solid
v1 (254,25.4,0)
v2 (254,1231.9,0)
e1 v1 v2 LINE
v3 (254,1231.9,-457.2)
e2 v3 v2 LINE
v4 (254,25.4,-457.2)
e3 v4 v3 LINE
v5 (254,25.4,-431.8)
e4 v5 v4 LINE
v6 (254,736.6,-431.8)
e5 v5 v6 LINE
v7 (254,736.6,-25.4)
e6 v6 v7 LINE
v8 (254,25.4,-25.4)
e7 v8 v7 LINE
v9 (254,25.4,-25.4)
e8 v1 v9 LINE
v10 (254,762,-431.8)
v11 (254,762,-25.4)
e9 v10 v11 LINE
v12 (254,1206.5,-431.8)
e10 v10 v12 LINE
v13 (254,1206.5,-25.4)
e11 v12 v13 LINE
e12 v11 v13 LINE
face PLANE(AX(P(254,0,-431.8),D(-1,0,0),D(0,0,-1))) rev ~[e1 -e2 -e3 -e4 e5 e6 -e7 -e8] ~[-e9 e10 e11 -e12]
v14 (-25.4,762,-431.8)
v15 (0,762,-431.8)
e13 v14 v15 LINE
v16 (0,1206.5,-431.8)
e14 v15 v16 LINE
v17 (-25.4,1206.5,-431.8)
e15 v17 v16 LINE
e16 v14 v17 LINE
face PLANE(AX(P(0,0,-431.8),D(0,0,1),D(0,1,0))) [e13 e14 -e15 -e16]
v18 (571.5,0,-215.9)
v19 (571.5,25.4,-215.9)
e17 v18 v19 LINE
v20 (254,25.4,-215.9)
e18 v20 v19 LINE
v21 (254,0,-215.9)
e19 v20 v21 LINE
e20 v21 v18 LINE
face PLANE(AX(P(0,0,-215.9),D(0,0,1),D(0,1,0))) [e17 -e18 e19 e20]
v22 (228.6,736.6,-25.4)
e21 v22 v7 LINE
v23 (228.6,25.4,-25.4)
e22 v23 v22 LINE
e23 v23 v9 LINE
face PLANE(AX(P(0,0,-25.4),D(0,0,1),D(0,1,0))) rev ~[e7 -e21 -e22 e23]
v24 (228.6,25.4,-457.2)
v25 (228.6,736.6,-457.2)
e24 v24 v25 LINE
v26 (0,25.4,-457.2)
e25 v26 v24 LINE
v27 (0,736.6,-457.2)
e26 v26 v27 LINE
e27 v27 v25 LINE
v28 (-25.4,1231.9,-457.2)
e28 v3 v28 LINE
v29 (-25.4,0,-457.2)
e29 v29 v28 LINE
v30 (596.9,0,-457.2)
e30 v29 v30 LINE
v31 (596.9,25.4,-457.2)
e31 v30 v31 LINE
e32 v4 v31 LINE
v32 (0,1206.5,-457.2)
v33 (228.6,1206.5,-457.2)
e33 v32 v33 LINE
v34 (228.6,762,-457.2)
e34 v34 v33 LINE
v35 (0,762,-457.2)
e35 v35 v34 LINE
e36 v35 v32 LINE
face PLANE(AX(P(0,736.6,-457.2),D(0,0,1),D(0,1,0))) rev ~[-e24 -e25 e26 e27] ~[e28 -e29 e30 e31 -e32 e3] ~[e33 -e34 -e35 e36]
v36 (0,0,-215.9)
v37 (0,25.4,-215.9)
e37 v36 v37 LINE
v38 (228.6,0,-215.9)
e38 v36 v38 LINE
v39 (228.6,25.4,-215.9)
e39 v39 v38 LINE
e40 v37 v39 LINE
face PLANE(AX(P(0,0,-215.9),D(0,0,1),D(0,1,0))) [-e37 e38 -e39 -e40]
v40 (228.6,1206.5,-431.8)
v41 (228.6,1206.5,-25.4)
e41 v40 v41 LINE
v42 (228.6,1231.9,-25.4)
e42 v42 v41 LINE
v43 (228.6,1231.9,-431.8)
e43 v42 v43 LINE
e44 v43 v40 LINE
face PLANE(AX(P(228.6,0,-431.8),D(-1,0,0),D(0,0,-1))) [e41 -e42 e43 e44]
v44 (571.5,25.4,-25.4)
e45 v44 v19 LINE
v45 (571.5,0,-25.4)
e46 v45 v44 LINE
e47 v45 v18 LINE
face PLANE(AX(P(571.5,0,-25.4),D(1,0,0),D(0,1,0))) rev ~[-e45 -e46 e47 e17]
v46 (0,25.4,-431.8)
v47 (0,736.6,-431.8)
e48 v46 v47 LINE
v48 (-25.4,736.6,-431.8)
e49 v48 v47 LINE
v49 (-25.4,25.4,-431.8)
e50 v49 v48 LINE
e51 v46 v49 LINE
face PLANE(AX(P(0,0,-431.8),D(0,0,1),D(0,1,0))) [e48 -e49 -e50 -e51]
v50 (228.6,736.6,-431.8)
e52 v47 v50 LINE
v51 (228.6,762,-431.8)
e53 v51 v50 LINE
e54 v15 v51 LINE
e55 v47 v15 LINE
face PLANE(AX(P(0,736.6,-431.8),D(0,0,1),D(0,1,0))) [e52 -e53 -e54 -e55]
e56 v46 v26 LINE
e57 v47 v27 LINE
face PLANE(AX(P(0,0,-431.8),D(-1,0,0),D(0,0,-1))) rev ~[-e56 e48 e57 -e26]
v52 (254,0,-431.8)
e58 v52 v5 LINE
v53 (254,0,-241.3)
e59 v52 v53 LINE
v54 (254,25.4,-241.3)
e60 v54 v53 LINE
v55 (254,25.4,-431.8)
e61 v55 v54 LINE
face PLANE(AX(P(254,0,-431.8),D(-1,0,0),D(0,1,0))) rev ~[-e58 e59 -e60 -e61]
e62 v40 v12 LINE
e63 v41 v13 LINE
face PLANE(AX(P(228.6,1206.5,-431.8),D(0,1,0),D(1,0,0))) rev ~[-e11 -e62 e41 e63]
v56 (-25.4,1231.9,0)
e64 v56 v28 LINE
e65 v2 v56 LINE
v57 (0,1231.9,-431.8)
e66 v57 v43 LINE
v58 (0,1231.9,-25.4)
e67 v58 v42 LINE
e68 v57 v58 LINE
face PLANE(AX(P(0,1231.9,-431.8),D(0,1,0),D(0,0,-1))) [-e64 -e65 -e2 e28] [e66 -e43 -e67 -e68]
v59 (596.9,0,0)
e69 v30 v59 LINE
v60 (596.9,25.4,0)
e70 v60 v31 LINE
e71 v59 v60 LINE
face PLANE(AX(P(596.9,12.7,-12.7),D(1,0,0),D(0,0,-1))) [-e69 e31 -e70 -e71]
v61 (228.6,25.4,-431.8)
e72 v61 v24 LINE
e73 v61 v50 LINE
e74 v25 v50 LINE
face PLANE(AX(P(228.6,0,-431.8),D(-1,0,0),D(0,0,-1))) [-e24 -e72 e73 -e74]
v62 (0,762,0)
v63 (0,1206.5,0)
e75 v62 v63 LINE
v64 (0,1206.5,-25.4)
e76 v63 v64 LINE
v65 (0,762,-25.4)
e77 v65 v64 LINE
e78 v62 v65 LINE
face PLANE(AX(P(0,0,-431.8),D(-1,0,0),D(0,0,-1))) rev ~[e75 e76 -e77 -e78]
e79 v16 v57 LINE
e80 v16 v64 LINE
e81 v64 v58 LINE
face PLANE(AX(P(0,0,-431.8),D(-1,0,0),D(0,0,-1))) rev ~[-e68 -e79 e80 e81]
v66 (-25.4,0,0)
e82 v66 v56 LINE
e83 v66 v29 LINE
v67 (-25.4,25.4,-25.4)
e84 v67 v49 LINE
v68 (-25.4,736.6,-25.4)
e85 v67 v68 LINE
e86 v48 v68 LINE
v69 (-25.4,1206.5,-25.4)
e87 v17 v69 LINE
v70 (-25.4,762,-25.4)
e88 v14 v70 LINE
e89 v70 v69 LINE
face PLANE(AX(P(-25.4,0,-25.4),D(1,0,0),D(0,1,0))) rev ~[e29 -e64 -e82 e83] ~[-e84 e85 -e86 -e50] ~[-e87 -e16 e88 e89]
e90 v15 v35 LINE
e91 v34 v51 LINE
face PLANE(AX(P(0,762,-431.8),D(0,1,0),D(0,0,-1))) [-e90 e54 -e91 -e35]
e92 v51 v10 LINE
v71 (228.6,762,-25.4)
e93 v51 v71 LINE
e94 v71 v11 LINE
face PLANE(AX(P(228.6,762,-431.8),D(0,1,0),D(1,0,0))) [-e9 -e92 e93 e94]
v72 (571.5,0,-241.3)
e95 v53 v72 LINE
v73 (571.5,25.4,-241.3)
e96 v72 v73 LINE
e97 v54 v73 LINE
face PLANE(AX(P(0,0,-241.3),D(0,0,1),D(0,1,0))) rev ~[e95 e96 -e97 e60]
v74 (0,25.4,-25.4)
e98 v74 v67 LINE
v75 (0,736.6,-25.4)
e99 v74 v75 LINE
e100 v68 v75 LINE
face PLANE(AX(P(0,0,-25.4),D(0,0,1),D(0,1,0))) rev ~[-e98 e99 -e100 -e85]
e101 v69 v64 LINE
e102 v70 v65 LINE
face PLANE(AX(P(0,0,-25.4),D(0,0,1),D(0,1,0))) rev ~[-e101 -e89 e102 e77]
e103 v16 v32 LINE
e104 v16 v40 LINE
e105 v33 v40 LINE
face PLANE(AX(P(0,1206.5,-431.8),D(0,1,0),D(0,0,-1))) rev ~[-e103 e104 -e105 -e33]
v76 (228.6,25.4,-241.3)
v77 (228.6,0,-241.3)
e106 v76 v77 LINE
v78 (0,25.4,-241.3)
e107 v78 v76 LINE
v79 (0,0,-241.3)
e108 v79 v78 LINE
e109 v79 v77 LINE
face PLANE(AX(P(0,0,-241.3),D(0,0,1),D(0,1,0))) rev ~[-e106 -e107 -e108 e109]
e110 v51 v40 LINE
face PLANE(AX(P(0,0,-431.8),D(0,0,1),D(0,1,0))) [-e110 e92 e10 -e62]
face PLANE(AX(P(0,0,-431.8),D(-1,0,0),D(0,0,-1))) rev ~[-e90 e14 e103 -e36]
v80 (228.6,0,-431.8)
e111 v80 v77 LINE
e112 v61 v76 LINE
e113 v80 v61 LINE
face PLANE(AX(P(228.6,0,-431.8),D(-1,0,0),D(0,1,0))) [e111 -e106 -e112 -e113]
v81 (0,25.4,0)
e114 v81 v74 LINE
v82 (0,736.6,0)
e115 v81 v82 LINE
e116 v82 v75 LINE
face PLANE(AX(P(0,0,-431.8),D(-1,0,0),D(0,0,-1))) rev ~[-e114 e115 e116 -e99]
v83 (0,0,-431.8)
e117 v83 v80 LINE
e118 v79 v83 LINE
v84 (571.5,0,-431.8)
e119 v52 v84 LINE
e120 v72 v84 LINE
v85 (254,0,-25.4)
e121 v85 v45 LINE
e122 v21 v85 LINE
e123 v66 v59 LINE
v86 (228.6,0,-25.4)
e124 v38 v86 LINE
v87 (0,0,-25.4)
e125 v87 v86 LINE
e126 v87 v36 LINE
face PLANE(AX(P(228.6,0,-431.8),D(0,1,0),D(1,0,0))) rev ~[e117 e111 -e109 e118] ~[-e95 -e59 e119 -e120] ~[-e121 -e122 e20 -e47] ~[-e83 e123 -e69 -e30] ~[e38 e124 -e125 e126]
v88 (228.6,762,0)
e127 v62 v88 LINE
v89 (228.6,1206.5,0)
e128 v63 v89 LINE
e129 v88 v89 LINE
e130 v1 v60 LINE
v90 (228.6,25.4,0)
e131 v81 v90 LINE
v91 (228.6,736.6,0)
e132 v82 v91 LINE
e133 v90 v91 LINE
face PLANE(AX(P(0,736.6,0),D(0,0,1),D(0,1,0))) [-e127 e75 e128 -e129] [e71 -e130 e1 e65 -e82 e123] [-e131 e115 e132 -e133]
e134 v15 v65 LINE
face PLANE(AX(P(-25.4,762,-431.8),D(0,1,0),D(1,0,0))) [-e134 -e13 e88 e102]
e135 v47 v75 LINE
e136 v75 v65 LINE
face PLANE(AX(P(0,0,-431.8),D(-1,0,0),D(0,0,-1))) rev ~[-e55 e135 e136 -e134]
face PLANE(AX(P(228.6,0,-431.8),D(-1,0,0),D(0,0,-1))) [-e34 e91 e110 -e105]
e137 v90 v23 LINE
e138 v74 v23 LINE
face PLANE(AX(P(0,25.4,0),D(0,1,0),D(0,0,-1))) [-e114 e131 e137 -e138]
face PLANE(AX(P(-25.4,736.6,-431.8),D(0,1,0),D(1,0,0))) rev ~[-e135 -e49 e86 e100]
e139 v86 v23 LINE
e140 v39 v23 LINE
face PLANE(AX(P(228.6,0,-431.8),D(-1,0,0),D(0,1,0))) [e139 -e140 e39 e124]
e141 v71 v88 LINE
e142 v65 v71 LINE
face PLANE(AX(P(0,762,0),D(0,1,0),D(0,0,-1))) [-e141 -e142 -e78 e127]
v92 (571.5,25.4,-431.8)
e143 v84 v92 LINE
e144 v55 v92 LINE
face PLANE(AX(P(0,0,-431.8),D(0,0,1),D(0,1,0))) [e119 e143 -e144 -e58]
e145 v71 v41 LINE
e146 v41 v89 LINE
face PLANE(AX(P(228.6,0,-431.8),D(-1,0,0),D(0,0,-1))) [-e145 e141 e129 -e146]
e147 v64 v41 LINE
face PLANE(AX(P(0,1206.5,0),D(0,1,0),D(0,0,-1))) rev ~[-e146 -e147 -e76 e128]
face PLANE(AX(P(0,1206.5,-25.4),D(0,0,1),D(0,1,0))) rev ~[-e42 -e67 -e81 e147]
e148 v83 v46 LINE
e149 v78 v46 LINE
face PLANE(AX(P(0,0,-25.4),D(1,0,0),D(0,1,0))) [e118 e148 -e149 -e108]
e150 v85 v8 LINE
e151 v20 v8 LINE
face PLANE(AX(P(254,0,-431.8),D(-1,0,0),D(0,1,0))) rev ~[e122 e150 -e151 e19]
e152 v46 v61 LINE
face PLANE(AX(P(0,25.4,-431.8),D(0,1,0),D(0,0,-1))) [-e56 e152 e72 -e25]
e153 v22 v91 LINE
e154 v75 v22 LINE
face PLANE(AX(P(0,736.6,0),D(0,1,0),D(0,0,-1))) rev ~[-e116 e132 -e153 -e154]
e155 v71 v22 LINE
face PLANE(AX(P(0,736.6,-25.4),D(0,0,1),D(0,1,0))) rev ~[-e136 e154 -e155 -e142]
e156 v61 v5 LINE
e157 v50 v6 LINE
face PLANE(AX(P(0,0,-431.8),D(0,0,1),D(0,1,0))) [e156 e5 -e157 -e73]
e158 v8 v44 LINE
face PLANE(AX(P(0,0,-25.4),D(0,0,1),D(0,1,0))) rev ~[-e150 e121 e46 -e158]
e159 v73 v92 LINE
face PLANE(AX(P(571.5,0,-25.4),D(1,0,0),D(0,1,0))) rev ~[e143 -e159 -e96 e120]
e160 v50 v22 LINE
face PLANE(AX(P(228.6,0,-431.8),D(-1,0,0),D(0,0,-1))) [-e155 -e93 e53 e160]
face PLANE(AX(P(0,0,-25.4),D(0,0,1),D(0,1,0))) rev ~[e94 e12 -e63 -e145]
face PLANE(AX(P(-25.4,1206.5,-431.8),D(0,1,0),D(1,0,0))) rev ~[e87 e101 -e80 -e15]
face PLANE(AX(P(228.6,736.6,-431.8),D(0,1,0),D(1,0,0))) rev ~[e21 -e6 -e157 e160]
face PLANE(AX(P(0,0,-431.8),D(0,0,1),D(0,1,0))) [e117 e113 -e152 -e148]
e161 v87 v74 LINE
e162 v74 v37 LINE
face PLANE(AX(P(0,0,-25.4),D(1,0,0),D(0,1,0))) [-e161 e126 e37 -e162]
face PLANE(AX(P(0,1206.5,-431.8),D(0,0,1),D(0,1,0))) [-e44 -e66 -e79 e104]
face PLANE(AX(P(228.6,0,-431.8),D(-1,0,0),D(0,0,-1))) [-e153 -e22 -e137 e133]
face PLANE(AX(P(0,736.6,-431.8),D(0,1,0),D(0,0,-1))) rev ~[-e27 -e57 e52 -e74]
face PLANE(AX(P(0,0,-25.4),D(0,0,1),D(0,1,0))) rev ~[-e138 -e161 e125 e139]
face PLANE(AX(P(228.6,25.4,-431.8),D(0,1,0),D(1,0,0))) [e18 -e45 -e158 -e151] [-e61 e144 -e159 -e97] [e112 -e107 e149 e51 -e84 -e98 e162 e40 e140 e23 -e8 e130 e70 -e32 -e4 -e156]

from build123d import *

# Parameters (mm, degrees)
SKETCH1_W             = 25.4
SKETCH1_H             = 25.4
BOSS_EXTRUDE1_DEPTH   = 1231.9
BOSS_EXTRUDE1_2_DEPTH = 1231.9
BOSS_EXTRUDE1_3_DEPTH = 1231.9
BOSS_EXTRUDE1_4_DEPTH = 1231.9
SKETCH2_W             = 25.4
SKETCH2_H             = 25.4
BOSS_EXTRUDE2_DEPTH   = 596.9
SKETCH3_W             = 25.4
SKETCH3_H             = 25.4
BOSS_EXTRUDE3_DEPTH   = 406.4
SKETCH4_W             = 25.4
SKETCH4_H             = 25.4
BOSS_EXTRUDE4_DEPTH   = 406.4
BOSS_EXTRUDE5_REACH   = 1445.225
SKETCH5_W             = 25.4
SKETCH5_H             = 25.4


with BuildPart() as part:
    # Sketch1 → Boss-Extrude1 (new body)
    with BuildSketch(Plane(origin=(0, 0, 0), x_dir=(1, 0, 0), z_dir=(0, 1, 0))):
        with Locations((-12.7, 12.7)):
            Rectangle(SKETCH1_W, SKETCH1_H)
    extrude(amount=BOSS_EXTRUDE1_DEPTH)



with BuildPart() as body_2:
    # Sketch1 → Boss-Extrude1 2 (new body)
    with BuildSketch(Plane(origin=(0, 0, 0), x_dir=(1, 0, 0), z_dir=(0, 1, 0))):
        with Locations((-12.7, 444.5)):
            Rectangle(SKETCH1_W, SKETCH1_H)
    extrude(amount=BOSS_EXTRUDE1_2_DEPTH)


with BuildPart() as body_3:
    # Sketch1 → Boss-Extrude1 3 (new body)
    with BuildSketch(Plane(origin=(0, 0, 0), x_dir=(1, 0, 0), z_dir=(0, 1, 0))):
        with Locations((241.3, 12.7)):
            Rectangle(SKETCH1_W, SKETCH1_H)
    extrude(amount=BOSS_EXTRUDE1_3_DEPTH)


with BuildPart() as body_4:
    # Sketch1 → Boss-Extrude1 4 (new body)
    with BuildSketch(Plane(origin=(0, 0, 0), x_dir=(1, 0, 0), z_dir=(0, 1, 0))):
        with Locations((241.3, 444.5)):
            Rectangle(SKETCH1_W, SKETCH1_H)
    extrude(amount=BOSS_EXTRUDE1_4_DEPTH)


with BuildPart() as part_1:
    add(part.part)

    add(body_2.part)  # Boss-Extrude2 merges body 2

    add(body_3.part)  # Boss-Extrude2 merges body 3

    add(body_4.part)  # Boss-Extrude2 merges body 4
    # Sketch2 → Boss-Extrude2 (add)
    with BuildSketch(Plane(origin=(0, 0, 0), x_dir=(0, 0, -1), z_dir=(1, 0, 0))):
        with Locations((12.7, 12.7)):
            Rectangle(SKETCH2_W, SKETCH2_H)
        with Locations((444.5, 12.7)):
            Rectangle(SKETCH2_W, SKETCH2_H)
        with Locations((228.6, 12.7)):
            Rectangle(SKETCH2_W, SKETCH2_H)
    extrude(amount=BOSS_EXTRUDE2_DEPTH)

    # Sketch3 → Boss-Extrude3 (add)
    with BuildSketch(Plane(origin=(0, 0, -25.4), x_dir=(-1, 0, 0), z_dir=(0, 0, -1))):
        with Locations((12.7, 12.7)):
            Rectangle(SKETCH3_W, SKETCH3_H)
        with Locations((-584.2, 12.7)):
            Rectangle(SKETCH3_W, SKETCH3_H)
    extrude(amount=BOSS_EXTRUDE3_DEPTH)

    # Sketch4 → Boss-Extrude4 (add)
    with BuildSketch(Plane.XY.offset(-431.8)):
        with Locations((241.3, 12.7)):
            Rectangle(SKETCH4_W, SKETCH4_H)
        with Locations((241.3, 1219.2)):
            Rectangle(SKETCH4_W, SKETCH4_H)
        with Locations((-12.7, 1219.2)):
            Rectangle(SKETCH4_W, SKETCH4_H)
        with Locations((241.3, 749.3)):
            Rectangle(SKETCH4_W, SKETCH4_H)
        with Locations((-12.7, 749.3)):
            Rectangle(SKETCH4_W, SKETCH4_H)
    extrude(amount=BOSS_EXTRUDE4_DEPTH)

    # Sketch5 → Boss-Extrude5 (add, up to next)
    with BuildSketch(Plane(origin=(0, 0, 0), x_dir=(0, 0, -1), z_dir=(1, 0, 0)), mode=Mode.PRIVATE) as boss_extrude5_sk1:
        with Locations((12.7, 1219.2)):
            Rectangle(SKETCH5_W, SKETCH5_H)
    boss_extrude5_tool1 = extrude(boss_extrude5_sk1.sketch, amount=BOSS_EXTRUDE5_REACH, mode=Mode.PRIVATE) - part_1.part
    # Sketch5 → Boss-Extrude5 (add, up to next)
    with BuildSketch(Plane(origin=(0, 0, 0), x_dir=(0, 0, -1), z_dir=(1, 0, 0)), mode=Mode.PRIVATE) as boss_extrude5_sk2:
        with Locations((444.5, 1219.2)):
            Rectangle(SKETCH5_W, SKETCH5_H)
    boss_extrude5_tool2 = extrude(boss_extrude5_sk2.sketch, amount=BOSS_EXTRUDE5_REACH, mode=Mode.PRIVATE) - part_1.part
    # Sketch5 → Boss-Extrude5 (add, up to next)
    with BuildSketch(Plane(origin=(0, 0, 0), x_dir=(0, 0, -1), z_dir=(1, 0, 0)), mode=Mode.PRIVATE) as boss_extrude5_sk3:
        with Locations((444.5, 749.3)):
            Rectangle(SKETCH5_W, SKETCH5_H)
    boss_extrude5_tool3 = extrude(boss_extrude5_sk3.sketch, amount=BOSS_EXTRUDE5_REACH, mode=Mode.PRIVATE) - part_1.part
    # Sketch5 → Boss-Extrude5 (add, up to next)
    with BuildSketch(Plane(origin=(0, 0, 0), x_dir=(0, 0, -1), z_dir=(1, 0, 0)), mode=Mode.PRIVATE) as boss_extrude5_sk4:
        with Locations((12.7, 749.3)):
            Rectangle(SKETCH5_W, SKETCH5_H)
    boss_extrude5_tool4 = extrude(boss_extrude5_sk4.sketch, amount=BOSS_EXTRUDE5_REACH, mode=Mode.PRIVATE) - part_1.part
    add(boss_extrude5_tool1.solids().sort_by_distance((0, 1219.2, -12.7))[0])
    add(boss_extrude5_tool2.solids().sort_by_distance((0, 1219.2, -444.5))[0])
    add(boss_extrude5_tool3.solids().sort_by_distance((0, 749.3, -444.5))[0])
    add(boss_extrude5_tool4.solids().sort_by_distance((0, 749.3, -12.7))[0])


solid = part_1.part
